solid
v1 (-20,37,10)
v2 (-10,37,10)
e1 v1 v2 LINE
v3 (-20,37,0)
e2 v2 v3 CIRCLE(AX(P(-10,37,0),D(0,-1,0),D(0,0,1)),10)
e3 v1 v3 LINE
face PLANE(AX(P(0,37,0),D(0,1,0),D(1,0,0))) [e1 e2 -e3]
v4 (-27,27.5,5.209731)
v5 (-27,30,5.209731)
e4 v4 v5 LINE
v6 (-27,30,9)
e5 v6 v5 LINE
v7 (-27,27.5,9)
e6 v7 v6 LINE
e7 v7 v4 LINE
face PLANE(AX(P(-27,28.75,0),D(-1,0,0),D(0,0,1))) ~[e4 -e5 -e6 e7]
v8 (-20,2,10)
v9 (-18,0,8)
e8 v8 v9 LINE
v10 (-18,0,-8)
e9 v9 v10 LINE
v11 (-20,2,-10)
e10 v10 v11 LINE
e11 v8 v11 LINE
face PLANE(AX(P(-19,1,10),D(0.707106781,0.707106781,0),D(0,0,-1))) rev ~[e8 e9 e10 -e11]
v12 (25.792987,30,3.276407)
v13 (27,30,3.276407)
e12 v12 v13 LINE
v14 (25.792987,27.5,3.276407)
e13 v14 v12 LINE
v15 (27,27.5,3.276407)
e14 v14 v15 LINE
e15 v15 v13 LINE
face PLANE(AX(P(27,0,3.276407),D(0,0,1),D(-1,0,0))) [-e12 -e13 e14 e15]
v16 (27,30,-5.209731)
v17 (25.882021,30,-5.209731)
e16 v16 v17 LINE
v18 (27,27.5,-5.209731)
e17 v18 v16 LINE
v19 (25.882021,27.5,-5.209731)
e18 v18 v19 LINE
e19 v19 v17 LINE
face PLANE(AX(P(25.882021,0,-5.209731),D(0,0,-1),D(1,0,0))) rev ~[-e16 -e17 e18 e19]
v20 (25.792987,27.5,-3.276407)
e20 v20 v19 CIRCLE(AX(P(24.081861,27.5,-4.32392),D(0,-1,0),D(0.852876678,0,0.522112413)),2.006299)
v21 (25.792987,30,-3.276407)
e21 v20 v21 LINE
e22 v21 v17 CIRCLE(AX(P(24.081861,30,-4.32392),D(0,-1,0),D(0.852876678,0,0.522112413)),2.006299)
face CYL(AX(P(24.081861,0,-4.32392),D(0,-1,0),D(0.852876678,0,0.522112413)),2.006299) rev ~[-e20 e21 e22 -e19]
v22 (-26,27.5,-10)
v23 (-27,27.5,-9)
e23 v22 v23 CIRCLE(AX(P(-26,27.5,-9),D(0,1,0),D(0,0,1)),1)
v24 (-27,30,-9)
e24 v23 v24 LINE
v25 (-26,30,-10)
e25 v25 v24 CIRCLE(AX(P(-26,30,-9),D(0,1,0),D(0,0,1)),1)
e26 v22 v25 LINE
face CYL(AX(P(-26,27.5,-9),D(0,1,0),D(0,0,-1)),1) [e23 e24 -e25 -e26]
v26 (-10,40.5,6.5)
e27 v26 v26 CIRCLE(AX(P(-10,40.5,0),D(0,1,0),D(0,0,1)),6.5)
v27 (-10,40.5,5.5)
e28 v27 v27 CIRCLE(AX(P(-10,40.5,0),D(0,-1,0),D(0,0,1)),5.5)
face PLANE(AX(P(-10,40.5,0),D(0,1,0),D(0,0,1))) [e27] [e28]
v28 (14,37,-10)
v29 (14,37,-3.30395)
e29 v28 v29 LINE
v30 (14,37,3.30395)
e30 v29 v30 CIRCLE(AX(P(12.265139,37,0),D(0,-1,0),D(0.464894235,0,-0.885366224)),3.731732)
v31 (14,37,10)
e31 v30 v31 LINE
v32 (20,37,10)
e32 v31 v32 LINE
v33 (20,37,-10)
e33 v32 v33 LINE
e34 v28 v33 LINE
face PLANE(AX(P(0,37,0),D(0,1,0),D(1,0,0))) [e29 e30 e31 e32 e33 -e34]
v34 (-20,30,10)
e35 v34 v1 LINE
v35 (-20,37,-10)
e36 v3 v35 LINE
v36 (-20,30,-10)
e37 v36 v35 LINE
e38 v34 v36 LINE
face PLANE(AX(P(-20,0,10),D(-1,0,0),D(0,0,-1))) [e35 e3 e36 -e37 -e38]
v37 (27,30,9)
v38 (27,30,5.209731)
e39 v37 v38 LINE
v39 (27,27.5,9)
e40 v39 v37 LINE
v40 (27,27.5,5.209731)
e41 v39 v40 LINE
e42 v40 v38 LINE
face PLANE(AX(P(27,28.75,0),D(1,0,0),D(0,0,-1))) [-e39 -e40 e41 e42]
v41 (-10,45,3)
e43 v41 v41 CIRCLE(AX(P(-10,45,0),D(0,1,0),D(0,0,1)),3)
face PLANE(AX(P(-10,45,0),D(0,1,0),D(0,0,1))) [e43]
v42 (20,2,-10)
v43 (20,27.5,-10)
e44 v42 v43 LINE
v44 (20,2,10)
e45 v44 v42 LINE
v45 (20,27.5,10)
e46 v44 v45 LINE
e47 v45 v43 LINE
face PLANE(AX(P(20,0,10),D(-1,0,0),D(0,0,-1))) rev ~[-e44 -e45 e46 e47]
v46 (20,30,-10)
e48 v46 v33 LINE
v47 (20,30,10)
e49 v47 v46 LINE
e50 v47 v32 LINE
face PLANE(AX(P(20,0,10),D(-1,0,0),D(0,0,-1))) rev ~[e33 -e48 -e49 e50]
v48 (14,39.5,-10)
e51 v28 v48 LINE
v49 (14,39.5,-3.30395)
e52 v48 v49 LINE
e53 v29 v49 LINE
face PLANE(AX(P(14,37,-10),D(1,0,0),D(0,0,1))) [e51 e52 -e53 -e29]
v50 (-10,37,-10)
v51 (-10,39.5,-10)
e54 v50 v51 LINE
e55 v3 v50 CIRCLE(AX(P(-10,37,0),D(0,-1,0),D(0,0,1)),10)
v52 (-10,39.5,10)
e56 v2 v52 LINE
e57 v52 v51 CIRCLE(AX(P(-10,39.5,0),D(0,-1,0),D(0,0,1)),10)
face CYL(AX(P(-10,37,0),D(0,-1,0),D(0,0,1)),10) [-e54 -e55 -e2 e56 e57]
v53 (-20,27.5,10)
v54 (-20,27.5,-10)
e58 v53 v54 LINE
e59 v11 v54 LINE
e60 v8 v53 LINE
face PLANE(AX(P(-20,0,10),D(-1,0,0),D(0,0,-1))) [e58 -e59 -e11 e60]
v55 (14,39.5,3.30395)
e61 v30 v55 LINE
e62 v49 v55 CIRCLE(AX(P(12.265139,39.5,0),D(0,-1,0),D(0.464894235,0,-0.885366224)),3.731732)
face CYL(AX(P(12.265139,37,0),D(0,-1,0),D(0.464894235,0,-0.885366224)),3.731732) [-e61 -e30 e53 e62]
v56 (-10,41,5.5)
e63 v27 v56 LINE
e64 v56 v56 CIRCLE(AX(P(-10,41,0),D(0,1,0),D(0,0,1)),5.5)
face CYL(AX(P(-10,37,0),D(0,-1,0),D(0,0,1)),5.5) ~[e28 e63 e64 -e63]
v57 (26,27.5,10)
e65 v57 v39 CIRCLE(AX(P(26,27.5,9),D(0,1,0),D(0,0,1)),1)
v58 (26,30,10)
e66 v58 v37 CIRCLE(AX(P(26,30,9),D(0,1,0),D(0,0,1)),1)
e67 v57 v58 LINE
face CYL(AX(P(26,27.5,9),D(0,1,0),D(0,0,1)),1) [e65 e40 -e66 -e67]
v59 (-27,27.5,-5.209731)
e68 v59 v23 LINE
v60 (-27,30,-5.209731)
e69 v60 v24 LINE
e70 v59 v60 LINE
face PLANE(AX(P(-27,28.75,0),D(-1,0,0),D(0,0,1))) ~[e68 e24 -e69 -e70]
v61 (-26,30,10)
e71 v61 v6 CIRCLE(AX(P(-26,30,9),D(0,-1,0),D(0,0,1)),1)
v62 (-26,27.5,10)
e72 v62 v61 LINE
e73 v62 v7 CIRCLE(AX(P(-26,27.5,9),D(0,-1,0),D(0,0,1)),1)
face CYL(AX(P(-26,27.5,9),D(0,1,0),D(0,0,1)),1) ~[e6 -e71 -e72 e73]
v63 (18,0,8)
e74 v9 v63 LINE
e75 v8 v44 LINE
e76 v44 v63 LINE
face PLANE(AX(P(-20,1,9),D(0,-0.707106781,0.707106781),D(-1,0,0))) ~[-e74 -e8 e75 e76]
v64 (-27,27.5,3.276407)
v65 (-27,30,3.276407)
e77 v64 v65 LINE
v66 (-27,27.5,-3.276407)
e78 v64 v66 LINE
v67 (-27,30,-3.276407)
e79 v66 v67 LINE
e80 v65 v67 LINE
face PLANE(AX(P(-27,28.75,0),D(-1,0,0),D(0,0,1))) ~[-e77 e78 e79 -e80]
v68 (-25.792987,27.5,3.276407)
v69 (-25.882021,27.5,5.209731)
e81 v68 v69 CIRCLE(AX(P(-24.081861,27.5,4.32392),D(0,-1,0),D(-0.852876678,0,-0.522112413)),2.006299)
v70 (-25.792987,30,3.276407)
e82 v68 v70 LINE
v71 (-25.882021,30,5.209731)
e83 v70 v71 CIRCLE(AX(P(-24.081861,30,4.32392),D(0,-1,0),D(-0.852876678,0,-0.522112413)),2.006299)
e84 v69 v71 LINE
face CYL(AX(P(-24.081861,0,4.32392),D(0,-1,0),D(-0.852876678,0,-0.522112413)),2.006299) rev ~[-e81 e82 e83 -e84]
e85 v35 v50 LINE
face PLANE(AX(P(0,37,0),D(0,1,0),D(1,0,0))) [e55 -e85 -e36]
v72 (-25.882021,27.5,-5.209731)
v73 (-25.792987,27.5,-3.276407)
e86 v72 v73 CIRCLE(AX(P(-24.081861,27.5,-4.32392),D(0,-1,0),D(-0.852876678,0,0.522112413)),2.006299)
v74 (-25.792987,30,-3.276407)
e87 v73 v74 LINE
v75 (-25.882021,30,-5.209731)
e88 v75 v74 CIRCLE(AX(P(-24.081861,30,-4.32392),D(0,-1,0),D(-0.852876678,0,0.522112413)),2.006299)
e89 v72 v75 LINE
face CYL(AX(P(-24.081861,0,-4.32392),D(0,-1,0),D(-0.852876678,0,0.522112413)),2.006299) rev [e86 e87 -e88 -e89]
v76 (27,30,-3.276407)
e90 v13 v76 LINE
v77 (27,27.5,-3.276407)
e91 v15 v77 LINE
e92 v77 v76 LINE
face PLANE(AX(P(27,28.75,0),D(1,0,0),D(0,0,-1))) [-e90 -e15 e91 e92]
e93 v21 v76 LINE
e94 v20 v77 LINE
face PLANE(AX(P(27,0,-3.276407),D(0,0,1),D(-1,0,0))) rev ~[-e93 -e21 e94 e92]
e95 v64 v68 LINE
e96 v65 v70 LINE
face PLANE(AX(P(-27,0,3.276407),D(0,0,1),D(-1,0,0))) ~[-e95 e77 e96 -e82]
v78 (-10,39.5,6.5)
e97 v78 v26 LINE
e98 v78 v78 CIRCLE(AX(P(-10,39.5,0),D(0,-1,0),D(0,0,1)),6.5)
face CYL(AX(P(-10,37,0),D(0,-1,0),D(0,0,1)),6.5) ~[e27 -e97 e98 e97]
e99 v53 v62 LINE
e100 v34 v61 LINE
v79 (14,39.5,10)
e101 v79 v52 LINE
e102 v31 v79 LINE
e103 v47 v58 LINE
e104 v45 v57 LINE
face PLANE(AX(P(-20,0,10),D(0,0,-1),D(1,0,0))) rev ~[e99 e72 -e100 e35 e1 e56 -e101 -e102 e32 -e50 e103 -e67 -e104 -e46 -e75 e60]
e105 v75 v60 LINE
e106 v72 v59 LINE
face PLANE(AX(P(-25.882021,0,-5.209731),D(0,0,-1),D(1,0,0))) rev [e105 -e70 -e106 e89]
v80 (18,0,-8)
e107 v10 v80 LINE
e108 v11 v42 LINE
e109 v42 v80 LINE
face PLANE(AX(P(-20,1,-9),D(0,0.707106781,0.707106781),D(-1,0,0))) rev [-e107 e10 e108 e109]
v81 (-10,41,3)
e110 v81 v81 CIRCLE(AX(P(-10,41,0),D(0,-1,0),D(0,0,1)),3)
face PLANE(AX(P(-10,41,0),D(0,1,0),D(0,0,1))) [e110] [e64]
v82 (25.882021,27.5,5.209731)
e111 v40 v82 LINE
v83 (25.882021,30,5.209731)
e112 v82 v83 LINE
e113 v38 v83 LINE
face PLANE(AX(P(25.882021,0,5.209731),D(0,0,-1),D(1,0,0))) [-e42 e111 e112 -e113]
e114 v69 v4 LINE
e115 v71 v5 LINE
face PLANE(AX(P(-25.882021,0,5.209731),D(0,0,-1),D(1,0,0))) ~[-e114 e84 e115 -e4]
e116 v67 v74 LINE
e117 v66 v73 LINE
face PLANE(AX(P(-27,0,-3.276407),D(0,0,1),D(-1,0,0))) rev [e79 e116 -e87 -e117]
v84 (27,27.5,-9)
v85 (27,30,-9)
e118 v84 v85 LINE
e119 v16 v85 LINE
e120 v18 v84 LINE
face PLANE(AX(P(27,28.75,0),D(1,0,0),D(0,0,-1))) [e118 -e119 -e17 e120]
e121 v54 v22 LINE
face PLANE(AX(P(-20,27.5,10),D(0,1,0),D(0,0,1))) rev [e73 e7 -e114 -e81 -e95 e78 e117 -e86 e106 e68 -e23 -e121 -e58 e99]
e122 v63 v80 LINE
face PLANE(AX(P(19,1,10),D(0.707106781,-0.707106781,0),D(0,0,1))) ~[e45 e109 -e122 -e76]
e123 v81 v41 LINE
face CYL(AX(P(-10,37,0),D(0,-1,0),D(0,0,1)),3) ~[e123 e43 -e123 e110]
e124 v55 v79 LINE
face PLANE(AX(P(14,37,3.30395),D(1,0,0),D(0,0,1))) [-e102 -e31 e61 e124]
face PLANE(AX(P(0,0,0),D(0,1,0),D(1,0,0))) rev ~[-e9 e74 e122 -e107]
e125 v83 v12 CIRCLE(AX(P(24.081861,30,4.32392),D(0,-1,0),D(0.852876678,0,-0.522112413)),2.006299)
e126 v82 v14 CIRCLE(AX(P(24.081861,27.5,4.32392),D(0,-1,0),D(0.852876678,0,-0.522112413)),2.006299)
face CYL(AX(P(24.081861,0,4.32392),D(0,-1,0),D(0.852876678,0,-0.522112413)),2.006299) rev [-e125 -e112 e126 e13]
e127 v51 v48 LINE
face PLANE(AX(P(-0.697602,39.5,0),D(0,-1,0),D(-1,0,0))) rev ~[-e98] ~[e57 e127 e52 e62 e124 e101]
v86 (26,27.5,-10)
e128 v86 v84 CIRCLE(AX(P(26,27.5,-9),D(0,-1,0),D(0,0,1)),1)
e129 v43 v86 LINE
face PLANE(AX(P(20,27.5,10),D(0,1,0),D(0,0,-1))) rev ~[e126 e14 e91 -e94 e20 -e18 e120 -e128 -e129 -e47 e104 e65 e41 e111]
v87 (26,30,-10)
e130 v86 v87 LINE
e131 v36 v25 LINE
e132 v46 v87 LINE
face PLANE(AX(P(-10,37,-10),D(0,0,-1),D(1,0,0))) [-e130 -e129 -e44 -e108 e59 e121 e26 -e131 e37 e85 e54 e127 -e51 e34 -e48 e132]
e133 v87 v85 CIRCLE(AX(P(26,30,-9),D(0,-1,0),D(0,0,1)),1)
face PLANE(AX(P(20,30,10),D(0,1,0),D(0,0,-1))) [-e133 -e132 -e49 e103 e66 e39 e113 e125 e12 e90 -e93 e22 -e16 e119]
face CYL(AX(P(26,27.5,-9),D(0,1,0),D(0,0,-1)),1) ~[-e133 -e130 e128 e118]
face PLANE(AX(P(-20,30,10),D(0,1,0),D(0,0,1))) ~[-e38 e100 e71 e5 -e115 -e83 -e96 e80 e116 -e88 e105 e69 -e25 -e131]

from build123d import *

# Parameters (mm, degrees)
SKETCH_1_W             = 40
SKETCH_1_H             = 20
EXTRUDE_1_DEPTH        = 37
SKETCH_2_W             = 20
SKETCH_2_H             = 2.5
EXTRUDE_2_DEPTH        = 7
FILLET_1_R             = 1
CUT_EXTRUDE_1_DEPTH    = 47
FILLET_1_OF_MIRROR_1_R = 1
EXTRUDE_3_DEPTH        = 2.5
SKETCH_6_R             = 6.5
EXTRUDE_4_DEPTH        = 3.5
SKETCH_7_R             = 5.5
EXTRUDE_5_DEPTH        = 4
SKETCH_8_R             = 3
EXTRUDE_6_DEPTH        = 8
CHAMFER_1_SIZE         = 2


with BuildPart() as part:
    # 草图1 → 凸台-拉伸1 (new body)
    with BuildSketch(Plane(origin=(0, 0, 0), x_dir=(1, 0, 0), z_dir=(0, 1, 0))):
        Rectangle(SKETCH_1_W, SKETCH_1_H)
    extrude(amount=EXTRUDE_1_DEPTH)

    # 草图2 → 凸台-拉伸2 (add)
    with BuildSketch(Plane(origin=(20, 0, 0), x_dir=(0, 0, -1), z_dir=(1, 0, 0))):
        with Locations((0, 28.75)):
            Rectangle(SKETCH_2_W, SKETCH_2_H)
    extrude_2 = extrude(amount=EXTRUDE_2_DEPTH)

    # 圆角1
    fillet_1_edges = [part.edges().sort_by_distance(p)[0] for p in [
        (27, 28.75, -10),
        (27, 28.75, 10),
    ]]
    fillet(fillet_1_edges, radius=FILLET_1_R)

    # 草图3 → 切除-拉伸1 (cut)
    with BuildSketch(Plane(origin=(0, 0, 0), x_dir=(1, 0, 0), z_dir=(0, 1, 0))):
        with BuildLine():
            Line((25.882021082, 5.209730705), (27, 5.209730705))
            Line((27, 5.209730705), (27, 3.27640675))
            Line((27, 3.27640675), (25.792986763, 3.27640675))
            ThreePointArc((25.792986763, 3.27640675), (22.077686149, 4.416217577), (25.882021082, 5.209730705))
        make_face()
        with BuildLine():
            Line((27, -3.27640675), (25.792986763, -3.27640675))
            ThreePointArc((25.792986763, -3.27640675), (22.077686149, -4.416217577), (25.882021082, -5.209730705))
            Line((25.882021082, -5.209730705), (27, -5.209730705))
            Line((27, -5.209730705), (27, -3.27640675))
        make_face()
    cut_extrude_1 = extrude(amount=CUT_EXTRUDE_1_DEPTH, mode=Mode.SUBTRACT)

    # 镜向1: 凸台-拉伸2, 切除-拉伸1 across plane
    add(extrude_2.mirror(Plane(origin=(0, 0, 0), x_dir=(0, 0, 1), z_dir=(1, 0, 0))))
    add(cut_extrude_1.mirror(Plane(origin=(0, 0, 0), x_dir=(0, 0, 1), z_dir=(1, 0, 0))), mode=Mode.SUBTRACT)

    # 圆角1 of 镜向1
    fillet_1_of_mirror_1_edges = [part.edges().sort_by_distance(p)[0] for p in [
        (-27, 28.75, -10),
        (-27, 28.75, 10),
    ]]
    fillet(fillet_1_of_mirror_1_edges, radius=FILLET_1_OF_MIRROR_1_R)

    # 草图4 → 凸台-拉伸3 (add)
    with BuildSketch(Plane(origin=(0, 37, 0), x_dir=(1, 0, 0), z_dir=(0, 1, 0))):
        with BuildLine():
            Line((14, 10), (14, 3.303949568))
            ThreePointArc((14, 3.303949568), (15.996871366, 0), (14, -3.303949568))
            Line((14, -3.303949568), (14, -10))
            Line((14, -10), (-10, -10))
            ThreePointArc((-10, -10), (-20, 0), (-10, 10))
            Line((-10, 10), (14, 10))
        make_face()
    extrude(amount=EXTRUDE_3_DEPTH)

    # 草图6 → 凸台-拉伸4 (add)
    with BuildSketch(Plane(origin=(0, 37, 0), x_dir=(1, 0, 0), z_dir=(0, 1, 0))):
        with Locations(Location((-10, 0, 0), (0, 0, 270))):
            Circle(SKETCH_6_R)
    extrude(amount=EXTRUDE_4_DEPTH)

    # 草图7 → 凸台-拉伸5 (add)
    with BuildSketch(Plane(origin=(0, 37, 0), x_dir=(1, 0, 0), z_dir=(0, 1, 0))):
        with Locations(Location((-10, 0, 0), (0, 0, 270))):
            Circle(SKETCH_7_R)
    extrude(amount=EXTRUDE_5_DEPTH)

    # 草图8 → 凸台-拉伸6 (add)
    with BuildSketch(Plane(origin=(0, 37, 0), x_dir=(1, 0, 0), z_dir=(0, 1, 0))):
        with Locations(Location((-10, 0, 0), (0, 0, 270))):
            Circle(SKETCH_8_R)
    extrude(amount=EXTRUDE_6_DEPTH)

    # 倒角1
    chamfer_1_edges = [part.edges().sort_by_distance(p)[0] for p in [
        (0, 0, 10),
        (-20, 0, 0),
        (0, 0, -10),
        (20, 0, 0),
    ]]
    chamfer(chamfer_1_edges, length=CHAMFER_1_SIZE)


solid = part.part
